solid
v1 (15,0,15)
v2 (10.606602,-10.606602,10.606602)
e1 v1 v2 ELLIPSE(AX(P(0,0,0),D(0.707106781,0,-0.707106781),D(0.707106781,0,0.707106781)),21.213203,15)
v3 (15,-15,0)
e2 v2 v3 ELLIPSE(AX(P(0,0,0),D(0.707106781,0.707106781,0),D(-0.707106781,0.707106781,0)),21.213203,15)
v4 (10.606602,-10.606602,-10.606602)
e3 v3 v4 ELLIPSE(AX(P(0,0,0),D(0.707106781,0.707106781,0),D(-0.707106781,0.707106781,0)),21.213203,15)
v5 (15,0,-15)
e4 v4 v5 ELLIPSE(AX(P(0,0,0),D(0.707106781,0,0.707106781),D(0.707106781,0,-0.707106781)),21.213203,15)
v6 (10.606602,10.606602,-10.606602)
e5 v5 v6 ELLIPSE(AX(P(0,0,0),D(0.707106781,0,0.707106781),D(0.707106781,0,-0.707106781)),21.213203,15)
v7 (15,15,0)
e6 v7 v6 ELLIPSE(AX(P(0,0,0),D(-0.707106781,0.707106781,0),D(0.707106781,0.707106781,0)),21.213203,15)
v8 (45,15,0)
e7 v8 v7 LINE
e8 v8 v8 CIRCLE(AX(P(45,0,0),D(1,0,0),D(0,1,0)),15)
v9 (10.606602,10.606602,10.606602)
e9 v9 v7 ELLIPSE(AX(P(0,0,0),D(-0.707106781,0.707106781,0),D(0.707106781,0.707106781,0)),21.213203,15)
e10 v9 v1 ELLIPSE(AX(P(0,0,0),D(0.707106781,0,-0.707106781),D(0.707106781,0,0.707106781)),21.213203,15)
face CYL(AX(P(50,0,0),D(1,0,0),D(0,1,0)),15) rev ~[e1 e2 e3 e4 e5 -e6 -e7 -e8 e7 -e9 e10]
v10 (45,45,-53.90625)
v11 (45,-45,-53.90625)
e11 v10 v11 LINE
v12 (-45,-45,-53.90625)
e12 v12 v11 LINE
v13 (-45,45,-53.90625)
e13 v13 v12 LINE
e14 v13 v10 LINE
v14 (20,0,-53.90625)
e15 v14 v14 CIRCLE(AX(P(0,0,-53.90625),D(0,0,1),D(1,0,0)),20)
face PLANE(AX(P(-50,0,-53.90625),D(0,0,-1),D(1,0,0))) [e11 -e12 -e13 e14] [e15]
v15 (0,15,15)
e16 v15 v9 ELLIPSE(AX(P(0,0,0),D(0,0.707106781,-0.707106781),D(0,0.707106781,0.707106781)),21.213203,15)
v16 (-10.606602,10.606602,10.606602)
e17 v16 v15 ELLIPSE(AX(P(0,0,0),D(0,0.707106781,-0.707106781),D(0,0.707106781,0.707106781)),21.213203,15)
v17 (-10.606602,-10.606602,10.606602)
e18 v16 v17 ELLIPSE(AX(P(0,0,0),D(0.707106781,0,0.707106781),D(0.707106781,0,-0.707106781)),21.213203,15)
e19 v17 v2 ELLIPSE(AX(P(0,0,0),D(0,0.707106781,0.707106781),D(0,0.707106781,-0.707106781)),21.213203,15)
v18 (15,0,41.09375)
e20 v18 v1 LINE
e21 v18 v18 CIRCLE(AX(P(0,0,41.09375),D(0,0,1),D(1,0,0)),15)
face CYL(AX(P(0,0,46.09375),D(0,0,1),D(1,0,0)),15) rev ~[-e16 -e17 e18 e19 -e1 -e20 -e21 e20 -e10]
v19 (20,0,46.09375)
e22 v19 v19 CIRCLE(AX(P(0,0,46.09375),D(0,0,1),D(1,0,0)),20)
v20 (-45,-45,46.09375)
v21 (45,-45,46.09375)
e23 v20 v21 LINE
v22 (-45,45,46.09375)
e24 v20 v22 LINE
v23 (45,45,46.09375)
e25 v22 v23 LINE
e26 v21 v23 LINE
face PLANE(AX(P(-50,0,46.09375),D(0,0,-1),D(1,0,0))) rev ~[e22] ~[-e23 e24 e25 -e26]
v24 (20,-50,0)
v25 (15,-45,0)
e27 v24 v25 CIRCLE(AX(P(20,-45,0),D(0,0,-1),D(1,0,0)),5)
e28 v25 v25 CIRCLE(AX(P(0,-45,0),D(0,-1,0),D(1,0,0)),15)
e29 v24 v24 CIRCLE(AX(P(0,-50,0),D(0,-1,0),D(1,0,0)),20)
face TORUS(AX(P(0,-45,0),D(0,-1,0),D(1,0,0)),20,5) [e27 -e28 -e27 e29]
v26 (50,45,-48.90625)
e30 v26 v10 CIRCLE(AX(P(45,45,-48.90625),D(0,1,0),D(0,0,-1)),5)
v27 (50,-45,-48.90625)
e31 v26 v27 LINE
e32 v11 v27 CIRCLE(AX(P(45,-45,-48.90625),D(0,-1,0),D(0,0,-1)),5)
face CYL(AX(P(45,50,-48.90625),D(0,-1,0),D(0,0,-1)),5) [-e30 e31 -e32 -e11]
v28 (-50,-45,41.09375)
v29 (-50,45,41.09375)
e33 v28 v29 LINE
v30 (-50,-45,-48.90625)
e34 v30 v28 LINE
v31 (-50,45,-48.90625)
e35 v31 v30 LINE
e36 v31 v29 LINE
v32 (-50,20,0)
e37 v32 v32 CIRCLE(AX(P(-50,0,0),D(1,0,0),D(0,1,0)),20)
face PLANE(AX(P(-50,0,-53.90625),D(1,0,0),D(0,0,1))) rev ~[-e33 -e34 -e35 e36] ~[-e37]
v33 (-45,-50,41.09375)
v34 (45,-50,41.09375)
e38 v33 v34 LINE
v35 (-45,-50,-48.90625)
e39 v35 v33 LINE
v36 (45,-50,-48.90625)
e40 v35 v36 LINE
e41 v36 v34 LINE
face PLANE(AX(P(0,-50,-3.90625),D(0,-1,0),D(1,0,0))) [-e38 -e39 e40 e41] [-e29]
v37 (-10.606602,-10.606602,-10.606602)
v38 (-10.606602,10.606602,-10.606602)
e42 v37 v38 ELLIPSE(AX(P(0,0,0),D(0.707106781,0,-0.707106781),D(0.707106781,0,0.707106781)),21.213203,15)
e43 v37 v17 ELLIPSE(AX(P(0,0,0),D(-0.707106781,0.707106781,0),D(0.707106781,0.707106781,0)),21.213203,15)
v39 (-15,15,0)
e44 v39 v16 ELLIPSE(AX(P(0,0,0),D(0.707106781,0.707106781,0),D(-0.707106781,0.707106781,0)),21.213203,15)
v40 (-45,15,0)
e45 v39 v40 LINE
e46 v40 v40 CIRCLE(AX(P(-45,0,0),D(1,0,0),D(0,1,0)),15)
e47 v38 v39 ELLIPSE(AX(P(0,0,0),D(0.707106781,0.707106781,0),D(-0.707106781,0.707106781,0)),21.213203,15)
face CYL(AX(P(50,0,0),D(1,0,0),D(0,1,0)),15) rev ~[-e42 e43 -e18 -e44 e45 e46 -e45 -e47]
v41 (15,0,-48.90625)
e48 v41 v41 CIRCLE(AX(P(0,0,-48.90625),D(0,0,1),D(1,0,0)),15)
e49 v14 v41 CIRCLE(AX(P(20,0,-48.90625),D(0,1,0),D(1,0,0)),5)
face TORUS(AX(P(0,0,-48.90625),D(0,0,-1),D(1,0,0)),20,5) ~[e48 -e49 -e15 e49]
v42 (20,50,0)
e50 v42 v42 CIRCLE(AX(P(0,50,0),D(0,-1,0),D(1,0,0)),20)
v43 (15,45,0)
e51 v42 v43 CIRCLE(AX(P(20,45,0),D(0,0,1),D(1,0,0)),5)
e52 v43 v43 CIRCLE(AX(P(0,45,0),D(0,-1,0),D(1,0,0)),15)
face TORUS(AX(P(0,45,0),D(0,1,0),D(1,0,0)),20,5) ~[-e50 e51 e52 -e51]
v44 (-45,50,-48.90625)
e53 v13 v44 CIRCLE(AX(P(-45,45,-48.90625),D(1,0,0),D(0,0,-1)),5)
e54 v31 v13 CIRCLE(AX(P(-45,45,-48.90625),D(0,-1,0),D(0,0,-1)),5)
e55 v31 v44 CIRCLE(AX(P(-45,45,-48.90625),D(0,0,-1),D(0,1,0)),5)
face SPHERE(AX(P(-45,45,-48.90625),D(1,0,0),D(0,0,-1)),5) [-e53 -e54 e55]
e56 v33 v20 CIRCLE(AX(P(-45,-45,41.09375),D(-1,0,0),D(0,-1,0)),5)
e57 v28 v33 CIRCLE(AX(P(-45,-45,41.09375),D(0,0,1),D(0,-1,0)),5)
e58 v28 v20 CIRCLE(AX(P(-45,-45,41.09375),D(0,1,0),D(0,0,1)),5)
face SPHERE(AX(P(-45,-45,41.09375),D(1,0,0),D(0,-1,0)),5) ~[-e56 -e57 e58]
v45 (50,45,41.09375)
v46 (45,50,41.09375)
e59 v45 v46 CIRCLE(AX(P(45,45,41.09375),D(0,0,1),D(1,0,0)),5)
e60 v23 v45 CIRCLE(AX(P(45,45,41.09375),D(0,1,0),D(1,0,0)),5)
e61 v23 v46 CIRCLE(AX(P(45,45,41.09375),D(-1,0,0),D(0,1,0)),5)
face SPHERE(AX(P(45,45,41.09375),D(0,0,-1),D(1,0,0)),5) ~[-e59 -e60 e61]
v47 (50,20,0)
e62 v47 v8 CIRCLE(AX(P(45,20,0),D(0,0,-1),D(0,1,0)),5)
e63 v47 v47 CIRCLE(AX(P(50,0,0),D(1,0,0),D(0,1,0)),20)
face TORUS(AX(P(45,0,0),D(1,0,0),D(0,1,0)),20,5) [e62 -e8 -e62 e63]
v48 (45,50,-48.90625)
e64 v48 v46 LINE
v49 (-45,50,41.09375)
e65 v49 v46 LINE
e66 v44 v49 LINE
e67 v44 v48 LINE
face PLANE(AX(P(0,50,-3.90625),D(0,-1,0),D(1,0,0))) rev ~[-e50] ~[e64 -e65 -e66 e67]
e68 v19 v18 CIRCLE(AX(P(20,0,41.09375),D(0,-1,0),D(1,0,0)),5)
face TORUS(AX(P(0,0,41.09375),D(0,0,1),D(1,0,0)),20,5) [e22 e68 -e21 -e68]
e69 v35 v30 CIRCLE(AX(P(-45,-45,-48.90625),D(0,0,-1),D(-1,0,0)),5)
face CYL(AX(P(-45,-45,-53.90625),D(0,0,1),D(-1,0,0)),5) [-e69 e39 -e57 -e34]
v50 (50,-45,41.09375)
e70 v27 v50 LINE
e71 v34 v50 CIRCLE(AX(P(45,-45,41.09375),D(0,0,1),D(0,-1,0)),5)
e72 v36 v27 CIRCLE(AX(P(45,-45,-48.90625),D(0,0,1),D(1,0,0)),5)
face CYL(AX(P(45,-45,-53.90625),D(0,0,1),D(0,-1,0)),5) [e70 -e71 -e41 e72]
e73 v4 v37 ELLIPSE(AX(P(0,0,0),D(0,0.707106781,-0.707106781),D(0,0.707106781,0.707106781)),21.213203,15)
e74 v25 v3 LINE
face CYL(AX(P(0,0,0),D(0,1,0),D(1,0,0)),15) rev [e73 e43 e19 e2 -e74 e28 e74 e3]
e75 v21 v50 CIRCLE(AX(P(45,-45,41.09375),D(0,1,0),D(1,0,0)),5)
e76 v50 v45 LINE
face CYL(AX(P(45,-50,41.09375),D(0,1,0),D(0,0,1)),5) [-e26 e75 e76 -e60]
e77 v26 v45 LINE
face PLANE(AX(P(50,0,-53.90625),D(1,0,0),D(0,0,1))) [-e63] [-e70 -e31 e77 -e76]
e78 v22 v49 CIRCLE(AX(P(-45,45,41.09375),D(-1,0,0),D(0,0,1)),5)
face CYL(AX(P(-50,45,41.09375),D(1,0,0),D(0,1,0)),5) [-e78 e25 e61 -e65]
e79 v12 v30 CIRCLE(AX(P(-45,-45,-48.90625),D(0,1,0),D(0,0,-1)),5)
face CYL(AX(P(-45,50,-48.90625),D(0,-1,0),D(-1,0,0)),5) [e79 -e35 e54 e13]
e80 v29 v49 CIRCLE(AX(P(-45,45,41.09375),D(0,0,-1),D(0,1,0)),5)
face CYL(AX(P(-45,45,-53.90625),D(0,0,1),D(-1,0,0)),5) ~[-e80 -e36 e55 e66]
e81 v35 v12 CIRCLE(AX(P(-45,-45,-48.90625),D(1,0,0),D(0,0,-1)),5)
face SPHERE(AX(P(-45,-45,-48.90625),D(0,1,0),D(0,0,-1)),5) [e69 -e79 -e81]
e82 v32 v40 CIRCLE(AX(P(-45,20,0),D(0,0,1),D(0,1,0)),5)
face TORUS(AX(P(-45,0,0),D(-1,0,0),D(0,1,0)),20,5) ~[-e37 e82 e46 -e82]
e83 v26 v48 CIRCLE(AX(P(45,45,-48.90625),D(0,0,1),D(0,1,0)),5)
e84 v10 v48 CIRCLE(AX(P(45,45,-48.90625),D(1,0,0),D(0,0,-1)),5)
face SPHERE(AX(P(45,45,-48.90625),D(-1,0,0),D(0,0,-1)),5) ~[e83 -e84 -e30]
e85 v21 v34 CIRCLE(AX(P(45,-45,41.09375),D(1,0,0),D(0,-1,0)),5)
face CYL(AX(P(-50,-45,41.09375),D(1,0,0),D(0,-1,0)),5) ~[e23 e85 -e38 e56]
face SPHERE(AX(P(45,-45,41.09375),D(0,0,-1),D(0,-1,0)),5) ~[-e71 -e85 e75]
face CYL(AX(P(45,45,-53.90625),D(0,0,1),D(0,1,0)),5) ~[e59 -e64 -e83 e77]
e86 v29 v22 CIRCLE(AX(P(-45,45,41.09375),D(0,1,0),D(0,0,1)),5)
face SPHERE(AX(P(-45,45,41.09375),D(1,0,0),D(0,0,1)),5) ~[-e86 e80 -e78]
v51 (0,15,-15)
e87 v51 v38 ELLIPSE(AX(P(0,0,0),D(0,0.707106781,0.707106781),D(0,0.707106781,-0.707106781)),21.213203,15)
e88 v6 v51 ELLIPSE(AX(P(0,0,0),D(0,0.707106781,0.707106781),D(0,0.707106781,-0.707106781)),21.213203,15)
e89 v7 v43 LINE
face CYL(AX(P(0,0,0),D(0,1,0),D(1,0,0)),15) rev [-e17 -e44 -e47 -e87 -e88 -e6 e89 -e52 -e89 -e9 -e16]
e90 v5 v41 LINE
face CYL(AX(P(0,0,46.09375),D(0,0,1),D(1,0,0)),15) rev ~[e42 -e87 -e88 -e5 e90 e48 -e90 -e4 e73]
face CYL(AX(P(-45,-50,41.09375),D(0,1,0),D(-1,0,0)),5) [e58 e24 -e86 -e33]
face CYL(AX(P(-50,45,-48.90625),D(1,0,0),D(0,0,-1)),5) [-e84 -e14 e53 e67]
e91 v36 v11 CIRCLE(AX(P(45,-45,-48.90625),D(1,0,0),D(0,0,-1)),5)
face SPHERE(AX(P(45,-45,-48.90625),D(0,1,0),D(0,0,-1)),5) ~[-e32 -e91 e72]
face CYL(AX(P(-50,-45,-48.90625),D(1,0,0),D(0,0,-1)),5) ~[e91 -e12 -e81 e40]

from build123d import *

# Parameters (mm, degrees)
F0_W     = 100
F0_H     = 100
F0_R     = 15
F1_DEPTH = 50
F2_R     = 15
F3_DEPTH = 100
F4_R     = 15
F5_DEPTH = 100
F6_R     = 5


with BuildPart() as f1:
    # F0 (on Front) → F1 (new body, symmetric)
    with BuildSketch(Plane.XZ):
        with Locations((0, -3.906250079)):
            Rectangle(F0_W, F0_H)
        Circle(F0_R, mode=Mode.SUBTRACT)
    extrude(amount=F1_DEPTH, both=True)

    # F2 (on face) → F3 (cut)
    with BuildSketch(Plane.YZ.offset(50)):
        Circle(F2_R)
    extrude(amount=-F3_DEPTH, mode=Mode.SUBTRACT)

    # F4 (on face) → F5 (cut)
    with BuildSketch(Plane.XY.offset(46.093749921)):
        Circle(F4_R)
    extrude(amount=-F5_DEPTH, mode=Mode.SUBTRACT)

    # F6
    f6_edges = [f1.edges().sort_by_distance(p)[0] for p in [
        (0, 50, -53.90625),
        (-50, 0, -53.90625),
        (50, 0, -53.90625),
        (0, -50, -53.90625),
        (-15, 0, -53.90625),
        (50, -50, -3.90625),
        (0, -50, 46.09375),
        (-50, -50, -3.90625),
        (-15, -50, 0),
        (50, 50, -3.90625),
        (50, 0, 46.09375),
        (50, -15, 0),
        (0, 50, 46.09375),
        (-50, 0, 46.09375),
        (-15, 0, 46.09375),
        (-50, 50, -3.90625),
        (-15, 50, 0),
        (-50, -15, 0),
    ]]
    fillet(f6_edges, radius=F6_R)


solid = f1.part
